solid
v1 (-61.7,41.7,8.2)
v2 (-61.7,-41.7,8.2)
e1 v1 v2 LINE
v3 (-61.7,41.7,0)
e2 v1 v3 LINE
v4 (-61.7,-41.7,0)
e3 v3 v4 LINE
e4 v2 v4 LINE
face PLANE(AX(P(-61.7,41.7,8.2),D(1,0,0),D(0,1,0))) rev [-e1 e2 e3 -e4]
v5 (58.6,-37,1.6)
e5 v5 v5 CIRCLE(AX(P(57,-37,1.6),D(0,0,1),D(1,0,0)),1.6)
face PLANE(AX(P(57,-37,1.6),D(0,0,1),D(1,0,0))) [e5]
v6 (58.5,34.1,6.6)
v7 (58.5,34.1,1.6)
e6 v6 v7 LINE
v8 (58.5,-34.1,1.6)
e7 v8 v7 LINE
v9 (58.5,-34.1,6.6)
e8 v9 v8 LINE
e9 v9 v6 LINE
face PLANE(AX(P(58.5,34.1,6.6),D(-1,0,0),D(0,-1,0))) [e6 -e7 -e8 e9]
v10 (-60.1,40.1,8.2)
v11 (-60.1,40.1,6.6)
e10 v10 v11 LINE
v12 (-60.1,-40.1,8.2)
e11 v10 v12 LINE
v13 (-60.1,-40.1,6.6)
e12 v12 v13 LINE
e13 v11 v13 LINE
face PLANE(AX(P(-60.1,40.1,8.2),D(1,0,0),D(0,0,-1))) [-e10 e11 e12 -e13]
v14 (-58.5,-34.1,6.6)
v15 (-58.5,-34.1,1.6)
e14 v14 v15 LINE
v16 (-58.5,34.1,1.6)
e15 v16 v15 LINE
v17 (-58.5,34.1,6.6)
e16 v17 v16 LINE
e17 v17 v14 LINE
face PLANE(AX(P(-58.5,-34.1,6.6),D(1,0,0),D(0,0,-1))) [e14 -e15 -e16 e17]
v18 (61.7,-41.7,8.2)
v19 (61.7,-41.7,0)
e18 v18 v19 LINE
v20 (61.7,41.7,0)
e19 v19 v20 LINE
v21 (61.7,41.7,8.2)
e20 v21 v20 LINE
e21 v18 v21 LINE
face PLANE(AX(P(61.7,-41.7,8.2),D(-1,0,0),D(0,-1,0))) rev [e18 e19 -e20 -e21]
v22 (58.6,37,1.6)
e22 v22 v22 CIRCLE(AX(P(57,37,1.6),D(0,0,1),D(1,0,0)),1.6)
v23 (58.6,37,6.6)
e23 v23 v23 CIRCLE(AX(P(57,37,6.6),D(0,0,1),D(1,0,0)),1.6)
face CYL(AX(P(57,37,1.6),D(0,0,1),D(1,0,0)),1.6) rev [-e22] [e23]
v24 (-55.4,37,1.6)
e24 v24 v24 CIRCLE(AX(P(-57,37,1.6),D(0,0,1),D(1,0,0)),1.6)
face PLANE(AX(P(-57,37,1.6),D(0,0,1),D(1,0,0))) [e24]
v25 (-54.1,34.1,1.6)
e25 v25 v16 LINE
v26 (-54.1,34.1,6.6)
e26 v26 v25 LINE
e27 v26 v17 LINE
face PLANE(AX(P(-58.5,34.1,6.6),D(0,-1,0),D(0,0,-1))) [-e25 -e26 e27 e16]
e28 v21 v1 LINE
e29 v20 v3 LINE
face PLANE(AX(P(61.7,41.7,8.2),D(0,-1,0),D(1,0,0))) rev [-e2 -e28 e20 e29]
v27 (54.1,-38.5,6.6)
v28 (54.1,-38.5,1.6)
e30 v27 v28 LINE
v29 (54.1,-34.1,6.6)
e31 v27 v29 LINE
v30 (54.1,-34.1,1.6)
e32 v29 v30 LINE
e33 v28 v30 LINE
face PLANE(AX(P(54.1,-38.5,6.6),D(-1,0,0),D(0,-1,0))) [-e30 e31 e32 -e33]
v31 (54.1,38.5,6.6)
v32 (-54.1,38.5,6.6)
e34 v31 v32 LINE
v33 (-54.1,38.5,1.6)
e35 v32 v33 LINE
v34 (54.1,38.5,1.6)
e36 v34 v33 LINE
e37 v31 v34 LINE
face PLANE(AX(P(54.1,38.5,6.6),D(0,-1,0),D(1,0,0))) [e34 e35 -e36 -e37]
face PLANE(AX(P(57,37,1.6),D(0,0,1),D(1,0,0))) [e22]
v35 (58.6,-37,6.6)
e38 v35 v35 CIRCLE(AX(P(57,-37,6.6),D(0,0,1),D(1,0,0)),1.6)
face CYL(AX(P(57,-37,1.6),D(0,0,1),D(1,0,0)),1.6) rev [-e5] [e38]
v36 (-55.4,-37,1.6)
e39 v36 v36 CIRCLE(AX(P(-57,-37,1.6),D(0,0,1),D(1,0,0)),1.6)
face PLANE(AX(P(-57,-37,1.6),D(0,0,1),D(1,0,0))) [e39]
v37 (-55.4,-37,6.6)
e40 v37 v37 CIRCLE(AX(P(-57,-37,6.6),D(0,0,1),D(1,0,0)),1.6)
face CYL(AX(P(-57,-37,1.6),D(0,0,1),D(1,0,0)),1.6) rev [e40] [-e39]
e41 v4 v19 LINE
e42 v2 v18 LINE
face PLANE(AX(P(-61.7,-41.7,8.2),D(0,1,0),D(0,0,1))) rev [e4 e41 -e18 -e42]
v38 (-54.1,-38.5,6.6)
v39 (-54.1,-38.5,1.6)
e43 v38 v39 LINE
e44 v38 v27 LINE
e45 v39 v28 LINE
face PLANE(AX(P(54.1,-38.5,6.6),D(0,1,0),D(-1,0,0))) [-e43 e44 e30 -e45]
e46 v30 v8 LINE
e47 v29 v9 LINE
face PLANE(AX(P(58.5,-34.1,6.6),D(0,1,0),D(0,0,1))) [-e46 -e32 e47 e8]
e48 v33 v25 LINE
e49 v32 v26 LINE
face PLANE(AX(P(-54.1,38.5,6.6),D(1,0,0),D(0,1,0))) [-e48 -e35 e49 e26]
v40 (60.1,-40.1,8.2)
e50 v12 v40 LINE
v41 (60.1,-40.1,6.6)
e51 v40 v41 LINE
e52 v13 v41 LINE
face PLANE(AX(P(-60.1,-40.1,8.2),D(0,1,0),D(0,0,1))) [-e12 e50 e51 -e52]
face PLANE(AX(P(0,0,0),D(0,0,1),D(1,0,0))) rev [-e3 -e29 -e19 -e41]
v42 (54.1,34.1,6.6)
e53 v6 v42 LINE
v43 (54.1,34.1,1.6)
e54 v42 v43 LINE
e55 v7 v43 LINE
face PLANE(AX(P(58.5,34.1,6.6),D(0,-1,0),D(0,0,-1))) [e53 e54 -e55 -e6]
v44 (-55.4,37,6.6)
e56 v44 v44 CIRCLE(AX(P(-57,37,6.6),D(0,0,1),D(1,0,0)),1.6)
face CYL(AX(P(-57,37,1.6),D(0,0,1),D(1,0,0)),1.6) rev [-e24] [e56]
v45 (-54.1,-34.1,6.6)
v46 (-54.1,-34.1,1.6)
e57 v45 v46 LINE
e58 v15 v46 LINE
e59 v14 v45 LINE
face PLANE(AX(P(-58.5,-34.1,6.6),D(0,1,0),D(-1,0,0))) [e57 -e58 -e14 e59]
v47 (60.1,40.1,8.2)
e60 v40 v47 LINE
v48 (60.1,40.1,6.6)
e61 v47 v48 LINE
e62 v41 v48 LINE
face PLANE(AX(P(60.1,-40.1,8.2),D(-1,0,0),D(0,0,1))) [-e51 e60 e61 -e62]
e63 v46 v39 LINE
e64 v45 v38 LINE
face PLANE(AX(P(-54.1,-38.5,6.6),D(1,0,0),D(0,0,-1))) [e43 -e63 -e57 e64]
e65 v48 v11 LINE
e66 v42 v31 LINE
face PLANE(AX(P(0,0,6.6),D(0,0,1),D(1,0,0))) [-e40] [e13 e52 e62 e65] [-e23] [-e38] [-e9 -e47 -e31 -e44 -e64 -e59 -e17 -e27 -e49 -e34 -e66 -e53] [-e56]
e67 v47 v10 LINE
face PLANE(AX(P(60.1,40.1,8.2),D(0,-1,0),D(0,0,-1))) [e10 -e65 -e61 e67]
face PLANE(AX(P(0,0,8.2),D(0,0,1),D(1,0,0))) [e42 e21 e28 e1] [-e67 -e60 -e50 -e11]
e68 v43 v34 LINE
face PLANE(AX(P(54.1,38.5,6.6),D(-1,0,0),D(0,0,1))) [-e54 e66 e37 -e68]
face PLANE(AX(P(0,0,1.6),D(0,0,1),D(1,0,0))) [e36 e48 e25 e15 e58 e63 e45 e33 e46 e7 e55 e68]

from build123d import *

# Parameters (mm, degrees)
SKETCH1_W           = 120.2
SKETCH1_H           = 80.2
BOSS_EXTRUDE1_DEPTH = 1.6
SKETCH2_W           = 123.4
SKETCH2_H           = 83.4
SKETCH2_W_2         = 120.2
SKETCH2_H_2         = 80.2
BOSS_EXTRUDE2_DEPTH = 8.2
SKETCH3_W           = 120.2
SKETCH3_H           = 80.2
BOSS_EXTRUDE3_DEPTH = 5
SKETCH4_R           = 1.6
CUT_EXTRUDE1_DEPTH  = 5


with BuildPart() as part:
    # Sketch1 → Boss-Extrude1 (new body)
    with BuildSketch(Plane.XY):
        Rectangle(SKETCH1_W, SKETCH1_H)
    extrude(amount=BOSS_EXTRUDE1_DEPTH)

    # Sketch2 → Boss-Extrude2 (add)
    with BuildSketch(Plane.XY):
        Rectangle(SKETCH2_W, SKETCH2_H)
        Rectangle(SKETCH2_W_2, SKETCH2_H_2, mode=Mode.SUBTRACT)
    extrude(amount=BOSS_EXTRUDE2_DEPTH)

    # Sketch3 → Boss-Extrude3 (add)
    with BuildSketch(Plane.XY.offset(1.6)):
        Rectangle(SKETCH3_W, SKETCH3_H)
        Polygon((-58.5, 34.1), (-54.1, 34.1), (-54.1, 38.5), (54.1, 38.5), (54.1, 34.1), (58.5, 34.1), (58.5, -34.1), (54.1, -34.1), (54.1, -38.5), (-54.1, -38.5), (-54.1, -34.1), (-58.5, -34.1), align=None, mode=Mode.SUBTRACT)
    extrude(amount=BOSS_EXTRUDE3_DEPTH)

    # Sketch4 → Cut-Extrude1 (cut)
    with BuildSketch(Plane.XY.offset(6.6)):
        with Locations((-57, 37)):
            Circle(SKETCH4_R)
        with Locations((57, 37)):
            Circle(SKETCH4_R)
        with Locations((57, -37)):
            Circle(SKETCH4_R)
        with Locations((-57, -37)):
            Circle(SKETCH4_R)
    extrude(amount=-CUT_EXTRUDE1_DEPTH, mode=Mode.SUBTRACT)


solid = part.part
